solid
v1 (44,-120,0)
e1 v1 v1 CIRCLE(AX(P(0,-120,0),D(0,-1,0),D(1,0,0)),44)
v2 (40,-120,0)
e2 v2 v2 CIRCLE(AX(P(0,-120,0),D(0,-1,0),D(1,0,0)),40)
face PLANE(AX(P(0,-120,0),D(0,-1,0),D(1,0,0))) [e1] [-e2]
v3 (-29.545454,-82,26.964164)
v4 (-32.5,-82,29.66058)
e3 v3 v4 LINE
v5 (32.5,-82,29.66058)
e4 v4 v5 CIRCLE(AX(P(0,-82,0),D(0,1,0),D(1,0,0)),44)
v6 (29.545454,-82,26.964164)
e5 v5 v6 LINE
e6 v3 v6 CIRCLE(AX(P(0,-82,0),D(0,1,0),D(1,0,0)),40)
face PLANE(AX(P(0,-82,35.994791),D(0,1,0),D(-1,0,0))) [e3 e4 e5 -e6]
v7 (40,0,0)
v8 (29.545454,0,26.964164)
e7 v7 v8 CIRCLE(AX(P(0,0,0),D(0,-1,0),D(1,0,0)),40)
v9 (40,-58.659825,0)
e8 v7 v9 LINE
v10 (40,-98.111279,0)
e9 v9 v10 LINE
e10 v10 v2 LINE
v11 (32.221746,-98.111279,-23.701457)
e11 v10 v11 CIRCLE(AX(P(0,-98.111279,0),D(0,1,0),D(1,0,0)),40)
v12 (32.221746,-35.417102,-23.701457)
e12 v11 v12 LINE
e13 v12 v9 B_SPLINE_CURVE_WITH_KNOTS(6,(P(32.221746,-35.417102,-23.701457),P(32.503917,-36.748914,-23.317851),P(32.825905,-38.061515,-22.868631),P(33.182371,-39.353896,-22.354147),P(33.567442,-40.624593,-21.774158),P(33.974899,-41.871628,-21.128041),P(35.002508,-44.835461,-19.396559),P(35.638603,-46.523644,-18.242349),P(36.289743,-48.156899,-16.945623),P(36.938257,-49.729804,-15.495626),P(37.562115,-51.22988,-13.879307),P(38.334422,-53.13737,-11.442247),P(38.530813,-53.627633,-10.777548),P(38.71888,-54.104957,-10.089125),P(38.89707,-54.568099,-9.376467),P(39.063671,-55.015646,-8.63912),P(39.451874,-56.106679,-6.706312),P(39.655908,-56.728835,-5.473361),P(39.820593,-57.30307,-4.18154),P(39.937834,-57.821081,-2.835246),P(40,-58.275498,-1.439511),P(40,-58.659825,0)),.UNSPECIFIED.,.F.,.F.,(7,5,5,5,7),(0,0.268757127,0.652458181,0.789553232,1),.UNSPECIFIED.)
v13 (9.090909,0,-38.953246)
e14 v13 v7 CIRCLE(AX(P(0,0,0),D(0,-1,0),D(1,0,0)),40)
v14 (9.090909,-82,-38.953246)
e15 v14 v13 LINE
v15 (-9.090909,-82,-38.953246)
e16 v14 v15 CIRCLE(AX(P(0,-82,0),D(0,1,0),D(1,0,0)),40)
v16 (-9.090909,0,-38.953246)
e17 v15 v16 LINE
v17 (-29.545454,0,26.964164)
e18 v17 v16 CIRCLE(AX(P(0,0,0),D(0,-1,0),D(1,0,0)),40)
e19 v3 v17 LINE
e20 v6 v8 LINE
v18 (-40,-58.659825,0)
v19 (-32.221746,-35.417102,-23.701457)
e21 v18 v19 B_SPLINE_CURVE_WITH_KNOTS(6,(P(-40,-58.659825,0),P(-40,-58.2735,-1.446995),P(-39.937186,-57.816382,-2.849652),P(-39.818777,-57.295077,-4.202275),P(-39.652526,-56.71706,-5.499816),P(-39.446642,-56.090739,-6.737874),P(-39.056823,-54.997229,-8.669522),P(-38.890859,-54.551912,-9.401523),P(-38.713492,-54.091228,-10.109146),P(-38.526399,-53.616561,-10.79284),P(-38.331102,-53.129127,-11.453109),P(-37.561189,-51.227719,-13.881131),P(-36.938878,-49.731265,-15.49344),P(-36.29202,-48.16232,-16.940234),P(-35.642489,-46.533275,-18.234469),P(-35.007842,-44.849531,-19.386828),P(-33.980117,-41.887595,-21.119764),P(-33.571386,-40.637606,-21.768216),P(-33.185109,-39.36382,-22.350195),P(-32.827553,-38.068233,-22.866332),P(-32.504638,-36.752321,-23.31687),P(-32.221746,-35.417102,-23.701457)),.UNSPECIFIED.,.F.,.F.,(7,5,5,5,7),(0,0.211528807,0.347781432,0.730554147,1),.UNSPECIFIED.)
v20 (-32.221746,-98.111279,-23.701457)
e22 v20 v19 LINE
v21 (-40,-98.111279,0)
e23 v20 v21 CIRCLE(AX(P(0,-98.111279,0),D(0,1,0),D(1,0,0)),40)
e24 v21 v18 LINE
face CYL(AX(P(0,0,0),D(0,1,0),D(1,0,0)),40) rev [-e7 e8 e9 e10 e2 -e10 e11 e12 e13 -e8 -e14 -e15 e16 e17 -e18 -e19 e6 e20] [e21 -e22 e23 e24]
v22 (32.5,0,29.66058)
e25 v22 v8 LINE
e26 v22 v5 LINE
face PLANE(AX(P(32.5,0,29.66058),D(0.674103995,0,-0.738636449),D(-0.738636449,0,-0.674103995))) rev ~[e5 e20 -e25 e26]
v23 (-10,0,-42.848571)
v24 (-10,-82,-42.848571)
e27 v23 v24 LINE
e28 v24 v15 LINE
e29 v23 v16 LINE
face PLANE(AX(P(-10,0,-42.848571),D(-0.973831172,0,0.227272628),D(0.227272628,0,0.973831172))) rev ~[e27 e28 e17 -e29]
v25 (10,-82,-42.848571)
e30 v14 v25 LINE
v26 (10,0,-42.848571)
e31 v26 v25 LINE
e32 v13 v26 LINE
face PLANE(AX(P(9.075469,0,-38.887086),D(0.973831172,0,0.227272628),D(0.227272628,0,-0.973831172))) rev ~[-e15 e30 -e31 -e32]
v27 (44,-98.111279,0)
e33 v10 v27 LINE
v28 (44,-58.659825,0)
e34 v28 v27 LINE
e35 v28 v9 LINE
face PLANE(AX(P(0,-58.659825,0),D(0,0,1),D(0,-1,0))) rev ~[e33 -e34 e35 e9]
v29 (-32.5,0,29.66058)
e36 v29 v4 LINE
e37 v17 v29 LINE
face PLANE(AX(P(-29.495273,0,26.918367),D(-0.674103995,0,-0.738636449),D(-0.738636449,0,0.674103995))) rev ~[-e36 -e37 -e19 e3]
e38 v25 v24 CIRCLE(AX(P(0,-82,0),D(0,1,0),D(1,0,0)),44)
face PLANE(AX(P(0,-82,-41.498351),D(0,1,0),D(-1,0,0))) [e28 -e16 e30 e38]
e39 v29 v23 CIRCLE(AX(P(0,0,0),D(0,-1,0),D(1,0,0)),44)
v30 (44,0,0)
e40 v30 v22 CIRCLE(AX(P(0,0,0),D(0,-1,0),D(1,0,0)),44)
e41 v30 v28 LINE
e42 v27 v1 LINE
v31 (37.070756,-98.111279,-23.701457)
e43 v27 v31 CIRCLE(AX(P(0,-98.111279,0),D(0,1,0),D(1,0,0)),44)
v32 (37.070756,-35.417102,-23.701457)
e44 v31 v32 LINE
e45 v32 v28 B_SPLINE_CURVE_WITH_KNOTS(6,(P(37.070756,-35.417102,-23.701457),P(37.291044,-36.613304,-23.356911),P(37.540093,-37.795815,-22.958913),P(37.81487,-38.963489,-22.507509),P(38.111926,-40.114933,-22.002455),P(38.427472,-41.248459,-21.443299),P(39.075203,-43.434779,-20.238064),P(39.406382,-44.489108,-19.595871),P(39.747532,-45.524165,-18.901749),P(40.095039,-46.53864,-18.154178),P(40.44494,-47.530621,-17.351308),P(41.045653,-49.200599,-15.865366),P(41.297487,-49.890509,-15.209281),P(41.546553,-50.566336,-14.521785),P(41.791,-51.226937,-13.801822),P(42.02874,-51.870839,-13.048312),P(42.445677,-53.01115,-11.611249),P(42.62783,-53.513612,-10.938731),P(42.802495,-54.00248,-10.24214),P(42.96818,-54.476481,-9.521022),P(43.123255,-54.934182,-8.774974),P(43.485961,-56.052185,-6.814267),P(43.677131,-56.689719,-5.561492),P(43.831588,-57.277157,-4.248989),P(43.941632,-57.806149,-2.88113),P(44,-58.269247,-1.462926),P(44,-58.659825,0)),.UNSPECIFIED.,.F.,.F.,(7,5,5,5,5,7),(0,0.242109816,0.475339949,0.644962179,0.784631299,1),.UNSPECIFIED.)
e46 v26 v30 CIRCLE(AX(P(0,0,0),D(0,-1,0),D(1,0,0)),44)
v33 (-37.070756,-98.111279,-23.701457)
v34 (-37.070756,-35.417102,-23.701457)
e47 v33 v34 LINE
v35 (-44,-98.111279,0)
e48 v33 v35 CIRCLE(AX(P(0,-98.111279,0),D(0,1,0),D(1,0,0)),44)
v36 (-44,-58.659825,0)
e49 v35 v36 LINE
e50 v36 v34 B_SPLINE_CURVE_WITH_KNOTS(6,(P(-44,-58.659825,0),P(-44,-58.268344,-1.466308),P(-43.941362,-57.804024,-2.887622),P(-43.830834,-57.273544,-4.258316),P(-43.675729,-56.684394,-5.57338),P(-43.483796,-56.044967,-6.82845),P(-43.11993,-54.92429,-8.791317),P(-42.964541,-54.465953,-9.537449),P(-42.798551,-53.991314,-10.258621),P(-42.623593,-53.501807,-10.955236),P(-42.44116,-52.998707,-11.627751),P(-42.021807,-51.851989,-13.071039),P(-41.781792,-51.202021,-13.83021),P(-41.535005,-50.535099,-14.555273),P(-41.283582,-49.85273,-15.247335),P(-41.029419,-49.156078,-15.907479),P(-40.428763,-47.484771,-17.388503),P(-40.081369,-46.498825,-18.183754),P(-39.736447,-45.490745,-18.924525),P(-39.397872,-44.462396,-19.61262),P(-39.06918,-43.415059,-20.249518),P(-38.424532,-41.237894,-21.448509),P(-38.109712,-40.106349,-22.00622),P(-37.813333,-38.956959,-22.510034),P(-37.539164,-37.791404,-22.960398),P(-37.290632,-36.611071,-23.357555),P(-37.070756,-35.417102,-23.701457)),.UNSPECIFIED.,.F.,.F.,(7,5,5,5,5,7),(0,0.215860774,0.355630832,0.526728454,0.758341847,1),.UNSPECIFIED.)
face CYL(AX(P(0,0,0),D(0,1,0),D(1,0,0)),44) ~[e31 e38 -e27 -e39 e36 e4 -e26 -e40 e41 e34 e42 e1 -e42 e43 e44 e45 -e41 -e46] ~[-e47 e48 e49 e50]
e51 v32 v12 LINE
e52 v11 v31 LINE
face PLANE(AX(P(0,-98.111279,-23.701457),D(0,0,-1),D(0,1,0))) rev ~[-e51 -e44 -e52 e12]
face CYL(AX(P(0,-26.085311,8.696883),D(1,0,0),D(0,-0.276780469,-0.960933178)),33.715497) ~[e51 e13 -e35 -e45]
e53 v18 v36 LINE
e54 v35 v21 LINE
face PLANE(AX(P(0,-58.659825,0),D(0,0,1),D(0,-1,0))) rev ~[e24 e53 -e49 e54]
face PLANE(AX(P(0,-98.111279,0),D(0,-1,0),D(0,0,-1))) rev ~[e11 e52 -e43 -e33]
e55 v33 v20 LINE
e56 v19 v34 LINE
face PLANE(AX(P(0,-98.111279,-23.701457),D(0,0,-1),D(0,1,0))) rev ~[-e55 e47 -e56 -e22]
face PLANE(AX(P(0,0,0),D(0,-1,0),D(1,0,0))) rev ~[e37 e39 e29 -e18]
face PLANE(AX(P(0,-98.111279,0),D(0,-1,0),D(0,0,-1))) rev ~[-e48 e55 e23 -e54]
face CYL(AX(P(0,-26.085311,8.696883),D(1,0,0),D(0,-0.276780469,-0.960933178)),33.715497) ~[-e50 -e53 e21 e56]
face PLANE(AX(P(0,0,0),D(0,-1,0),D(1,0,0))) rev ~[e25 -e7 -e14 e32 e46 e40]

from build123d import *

# Parameters (mm, degrees)
F0_R     = 44
F0_R_2   = 40
F1_DEPTH = 120
F3_DEPTH = 82
F5_DEPTH = 62.5


with BuildPart() as f1:
    # F0 (on Front) → F1 (new body)
    with BuildSketch(Plane.XZ):
        Circle(F0_R)
        Circle(F0_R_2, mode=Mode.SUBTRACT)
    extrude(amount=F1_DEPTH)

    # F2 (on face) → F3 (cut)
    with BuildSketch(Plane(origin=(0, 0, 0), x_dir=(-1, 0, 0), z_dir=(0, 1, 0))):
        with BuildLine():
            Line((-9.075469, -38.887086), (-10, -42.848571))
            ThreePointArc((-10, -42.848571), (0, -44.049046), (10, -42.848571))
            Line((10, -42.848571), (9.075469, -38.887086))
            ThreePointArc((9.075469, -38.887086), (0, -39.932063), (-9.075469, -38.887086))
        make_face()
        with BuildLine():
            Line((-32.5, 29.66058), (-29.495273, 26.918367))
            ThreePointArc((-29.495273, 26.918367), (0, 39.932063), (29.495273, 26.918367))
            Line((29.495273, 26.918367), (32.5, 29.66058))
            ThreePointArc((32.5, 29.66058), (0, 44.075114), (-32.5, 29.66058))
        make_face()
    extrude(amount=-F3_DEPTH, mode=Mode.SUBTRACT)

    # F4 (on Right) → F5 (cut, symmetric)
    with BuildSketch(Plane.YZ):
        with BuildLine():
            Line((-58.659825, 0), (-98.111279, 0))
            Line((-98.111279, 0), (-98.111279, -23.701457))
            Line((-98.111279, -23.701457), (-35.417102, -23.701457))
            ThreePointArc((-35.417102, -23.701457), (-50.157585, -14.90948), (-58.659825, 0))
        make_face()
    extrude(amount=F5_DEPTH, both=True, mode=Mode.SUBTRACT)


solid = f1.part
